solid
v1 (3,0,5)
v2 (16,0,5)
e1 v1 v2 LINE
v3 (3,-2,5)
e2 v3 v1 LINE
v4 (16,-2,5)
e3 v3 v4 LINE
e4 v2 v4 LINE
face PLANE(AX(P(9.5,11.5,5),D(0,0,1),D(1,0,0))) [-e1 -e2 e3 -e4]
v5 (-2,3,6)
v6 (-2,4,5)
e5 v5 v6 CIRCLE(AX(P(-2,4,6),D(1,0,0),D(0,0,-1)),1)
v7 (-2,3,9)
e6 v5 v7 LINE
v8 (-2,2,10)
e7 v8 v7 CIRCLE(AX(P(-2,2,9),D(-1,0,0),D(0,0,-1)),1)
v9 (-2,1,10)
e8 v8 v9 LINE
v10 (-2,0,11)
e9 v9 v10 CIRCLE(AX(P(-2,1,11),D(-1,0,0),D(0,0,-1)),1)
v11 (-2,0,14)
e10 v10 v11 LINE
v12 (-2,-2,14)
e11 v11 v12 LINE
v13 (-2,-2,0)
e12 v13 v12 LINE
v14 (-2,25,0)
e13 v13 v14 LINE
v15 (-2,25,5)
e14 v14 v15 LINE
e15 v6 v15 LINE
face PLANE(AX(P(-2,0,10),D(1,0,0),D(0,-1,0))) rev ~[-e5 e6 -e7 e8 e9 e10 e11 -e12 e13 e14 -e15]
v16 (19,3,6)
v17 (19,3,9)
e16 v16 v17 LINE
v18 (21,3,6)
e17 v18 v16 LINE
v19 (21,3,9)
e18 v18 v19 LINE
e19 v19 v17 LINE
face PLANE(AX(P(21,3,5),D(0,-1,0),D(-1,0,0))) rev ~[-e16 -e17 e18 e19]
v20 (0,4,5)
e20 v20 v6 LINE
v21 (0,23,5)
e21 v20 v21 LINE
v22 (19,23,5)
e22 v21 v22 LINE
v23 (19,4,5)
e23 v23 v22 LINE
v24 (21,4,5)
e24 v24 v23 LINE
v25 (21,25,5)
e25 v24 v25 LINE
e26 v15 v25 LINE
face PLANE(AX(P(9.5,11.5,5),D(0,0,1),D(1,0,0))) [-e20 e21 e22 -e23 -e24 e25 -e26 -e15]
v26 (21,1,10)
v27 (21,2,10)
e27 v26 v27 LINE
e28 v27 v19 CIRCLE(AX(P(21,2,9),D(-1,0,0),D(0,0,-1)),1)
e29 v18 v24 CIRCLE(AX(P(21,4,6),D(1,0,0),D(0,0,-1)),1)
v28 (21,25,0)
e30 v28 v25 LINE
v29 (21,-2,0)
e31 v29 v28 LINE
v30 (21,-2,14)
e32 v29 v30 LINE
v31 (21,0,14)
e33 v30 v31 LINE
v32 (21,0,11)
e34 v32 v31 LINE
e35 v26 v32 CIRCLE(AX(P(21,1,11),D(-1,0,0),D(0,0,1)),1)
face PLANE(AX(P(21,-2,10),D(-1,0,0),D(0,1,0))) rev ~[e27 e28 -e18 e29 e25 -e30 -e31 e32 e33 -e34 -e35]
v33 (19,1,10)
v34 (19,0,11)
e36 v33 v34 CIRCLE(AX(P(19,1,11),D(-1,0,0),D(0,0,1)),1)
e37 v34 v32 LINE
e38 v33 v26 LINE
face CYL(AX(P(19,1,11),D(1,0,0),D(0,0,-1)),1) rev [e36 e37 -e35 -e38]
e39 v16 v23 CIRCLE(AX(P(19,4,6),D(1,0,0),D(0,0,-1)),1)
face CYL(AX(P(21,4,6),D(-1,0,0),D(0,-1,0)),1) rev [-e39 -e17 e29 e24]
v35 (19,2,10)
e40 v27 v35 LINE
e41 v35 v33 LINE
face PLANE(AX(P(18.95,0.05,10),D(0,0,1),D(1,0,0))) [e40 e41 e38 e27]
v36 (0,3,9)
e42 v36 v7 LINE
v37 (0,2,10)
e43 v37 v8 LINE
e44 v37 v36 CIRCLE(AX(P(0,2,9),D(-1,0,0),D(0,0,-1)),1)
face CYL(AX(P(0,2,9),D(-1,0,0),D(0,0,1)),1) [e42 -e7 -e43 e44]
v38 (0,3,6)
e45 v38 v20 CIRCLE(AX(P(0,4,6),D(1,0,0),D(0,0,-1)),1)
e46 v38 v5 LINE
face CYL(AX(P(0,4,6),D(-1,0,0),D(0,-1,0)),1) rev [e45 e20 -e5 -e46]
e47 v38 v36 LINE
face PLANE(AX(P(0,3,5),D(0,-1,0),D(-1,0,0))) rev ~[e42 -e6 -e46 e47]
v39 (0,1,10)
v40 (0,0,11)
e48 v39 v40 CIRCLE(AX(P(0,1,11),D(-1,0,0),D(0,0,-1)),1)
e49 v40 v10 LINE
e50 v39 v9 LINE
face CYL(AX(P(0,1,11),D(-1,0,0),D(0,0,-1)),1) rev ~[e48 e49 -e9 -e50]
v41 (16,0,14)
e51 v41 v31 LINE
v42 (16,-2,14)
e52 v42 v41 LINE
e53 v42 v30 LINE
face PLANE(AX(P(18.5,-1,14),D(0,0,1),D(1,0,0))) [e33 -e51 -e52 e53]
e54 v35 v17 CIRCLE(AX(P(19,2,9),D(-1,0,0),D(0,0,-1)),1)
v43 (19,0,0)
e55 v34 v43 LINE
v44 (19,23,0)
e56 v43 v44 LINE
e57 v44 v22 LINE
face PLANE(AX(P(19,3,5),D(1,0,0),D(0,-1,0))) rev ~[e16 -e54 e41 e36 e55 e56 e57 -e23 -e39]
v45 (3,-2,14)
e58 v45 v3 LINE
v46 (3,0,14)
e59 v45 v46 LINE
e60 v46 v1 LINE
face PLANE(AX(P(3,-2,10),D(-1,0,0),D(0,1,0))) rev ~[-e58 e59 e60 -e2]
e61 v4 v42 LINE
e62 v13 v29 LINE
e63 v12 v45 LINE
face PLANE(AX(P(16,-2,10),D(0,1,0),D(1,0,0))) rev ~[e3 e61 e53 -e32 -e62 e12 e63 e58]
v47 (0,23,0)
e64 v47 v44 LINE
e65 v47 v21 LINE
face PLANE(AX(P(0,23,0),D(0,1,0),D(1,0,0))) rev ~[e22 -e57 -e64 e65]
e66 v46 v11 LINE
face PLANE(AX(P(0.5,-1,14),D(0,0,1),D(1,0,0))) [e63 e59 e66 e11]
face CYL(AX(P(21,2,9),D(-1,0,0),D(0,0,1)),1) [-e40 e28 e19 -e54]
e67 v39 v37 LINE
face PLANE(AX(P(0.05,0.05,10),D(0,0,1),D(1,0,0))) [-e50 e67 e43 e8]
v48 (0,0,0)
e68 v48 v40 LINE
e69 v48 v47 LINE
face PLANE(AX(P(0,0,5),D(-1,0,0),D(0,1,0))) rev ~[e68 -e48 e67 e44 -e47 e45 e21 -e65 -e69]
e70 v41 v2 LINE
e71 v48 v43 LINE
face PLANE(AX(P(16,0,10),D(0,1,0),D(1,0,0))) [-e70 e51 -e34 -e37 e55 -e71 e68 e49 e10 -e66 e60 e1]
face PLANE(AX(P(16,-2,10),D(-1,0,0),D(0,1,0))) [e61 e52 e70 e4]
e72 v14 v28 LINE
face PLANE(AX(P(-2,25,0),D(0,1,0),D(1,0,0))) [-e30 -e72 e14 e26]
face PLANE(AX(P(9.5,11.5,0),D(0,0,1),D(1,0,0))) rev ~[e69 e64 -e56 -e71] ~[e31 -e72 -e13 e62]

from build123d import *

# Parameters (mm, degrees)
F0_W     = 23
F0_H     = 27
F0_W_2   = 19
F0_H_2   = 23
F1_DEPTH = 5
F3_DEPTH = 5
F5_DEPTH = 5
F7_DEPTH = 4
F8_W     = 5
F8_H     = 2
F9_DEPTH = 4
F10_R    = 1


with BuildPart() as f1:
    # F0 (on Top) → F1 (new body)
    with BuildSketch(Plane.XY):
        with Locations((9.5, 11.5)):
            Rectangle(F0_W, F0_H)
        with Locations((9.5, 11.5)):
            Rectangle(F0_W_2, F0_H_2, mode=Mode.SUBTRACT)
    extrude(amount=F1_DEPTH)

    # F2 (on face) → F3 (join)
    with BuildSketch(Plane.XY.offset(5)):
        Polygon((3, 0), (0, 0), (0, 3), (-2, 3), (-2, -2), (3, -2), align=None)
    extrude(amount=F3_DEPTH)

    # F4 (on face) → F5 (join)
    with BuildSketch(Plane.XY.offset(5)):
        Polygon((19, 3), (19, 0), (16, 0), (16, -2), (21, -2), (21, 3), align=None)
    extrude(amount=F5_DEPTH)

    # F6 (on face) → F7 (join)
    with BuildSketch(Plane.XY.offset(10)):
        Polygon((3, 0), (0, 0), (-2, 0), (-2, -2), (3, -2), align=None)
    extrude(amount=F7_DEPTH)

    # F8 (on face) → F9 (join)
    with BuildSketch(Plane.XY.offset(10)):
        with Locations((18.5, -1)):
            Rectangle(F8_W, F8_H)
    extrude(amount=F9_DEPTH)

    # F10
    f10_edges = [f1.edges().sort_by_distance(p)[0] for p in [
        (20, 3, 5),
        (20, 0, 10),
        (20, 3, 10),
        (-1, 0, 10),
        (-1, 3, 10),
        (-1, 3, 5),
    ]]
    fillet(f10_edges, radius=F10_R)


solid = f1.part
